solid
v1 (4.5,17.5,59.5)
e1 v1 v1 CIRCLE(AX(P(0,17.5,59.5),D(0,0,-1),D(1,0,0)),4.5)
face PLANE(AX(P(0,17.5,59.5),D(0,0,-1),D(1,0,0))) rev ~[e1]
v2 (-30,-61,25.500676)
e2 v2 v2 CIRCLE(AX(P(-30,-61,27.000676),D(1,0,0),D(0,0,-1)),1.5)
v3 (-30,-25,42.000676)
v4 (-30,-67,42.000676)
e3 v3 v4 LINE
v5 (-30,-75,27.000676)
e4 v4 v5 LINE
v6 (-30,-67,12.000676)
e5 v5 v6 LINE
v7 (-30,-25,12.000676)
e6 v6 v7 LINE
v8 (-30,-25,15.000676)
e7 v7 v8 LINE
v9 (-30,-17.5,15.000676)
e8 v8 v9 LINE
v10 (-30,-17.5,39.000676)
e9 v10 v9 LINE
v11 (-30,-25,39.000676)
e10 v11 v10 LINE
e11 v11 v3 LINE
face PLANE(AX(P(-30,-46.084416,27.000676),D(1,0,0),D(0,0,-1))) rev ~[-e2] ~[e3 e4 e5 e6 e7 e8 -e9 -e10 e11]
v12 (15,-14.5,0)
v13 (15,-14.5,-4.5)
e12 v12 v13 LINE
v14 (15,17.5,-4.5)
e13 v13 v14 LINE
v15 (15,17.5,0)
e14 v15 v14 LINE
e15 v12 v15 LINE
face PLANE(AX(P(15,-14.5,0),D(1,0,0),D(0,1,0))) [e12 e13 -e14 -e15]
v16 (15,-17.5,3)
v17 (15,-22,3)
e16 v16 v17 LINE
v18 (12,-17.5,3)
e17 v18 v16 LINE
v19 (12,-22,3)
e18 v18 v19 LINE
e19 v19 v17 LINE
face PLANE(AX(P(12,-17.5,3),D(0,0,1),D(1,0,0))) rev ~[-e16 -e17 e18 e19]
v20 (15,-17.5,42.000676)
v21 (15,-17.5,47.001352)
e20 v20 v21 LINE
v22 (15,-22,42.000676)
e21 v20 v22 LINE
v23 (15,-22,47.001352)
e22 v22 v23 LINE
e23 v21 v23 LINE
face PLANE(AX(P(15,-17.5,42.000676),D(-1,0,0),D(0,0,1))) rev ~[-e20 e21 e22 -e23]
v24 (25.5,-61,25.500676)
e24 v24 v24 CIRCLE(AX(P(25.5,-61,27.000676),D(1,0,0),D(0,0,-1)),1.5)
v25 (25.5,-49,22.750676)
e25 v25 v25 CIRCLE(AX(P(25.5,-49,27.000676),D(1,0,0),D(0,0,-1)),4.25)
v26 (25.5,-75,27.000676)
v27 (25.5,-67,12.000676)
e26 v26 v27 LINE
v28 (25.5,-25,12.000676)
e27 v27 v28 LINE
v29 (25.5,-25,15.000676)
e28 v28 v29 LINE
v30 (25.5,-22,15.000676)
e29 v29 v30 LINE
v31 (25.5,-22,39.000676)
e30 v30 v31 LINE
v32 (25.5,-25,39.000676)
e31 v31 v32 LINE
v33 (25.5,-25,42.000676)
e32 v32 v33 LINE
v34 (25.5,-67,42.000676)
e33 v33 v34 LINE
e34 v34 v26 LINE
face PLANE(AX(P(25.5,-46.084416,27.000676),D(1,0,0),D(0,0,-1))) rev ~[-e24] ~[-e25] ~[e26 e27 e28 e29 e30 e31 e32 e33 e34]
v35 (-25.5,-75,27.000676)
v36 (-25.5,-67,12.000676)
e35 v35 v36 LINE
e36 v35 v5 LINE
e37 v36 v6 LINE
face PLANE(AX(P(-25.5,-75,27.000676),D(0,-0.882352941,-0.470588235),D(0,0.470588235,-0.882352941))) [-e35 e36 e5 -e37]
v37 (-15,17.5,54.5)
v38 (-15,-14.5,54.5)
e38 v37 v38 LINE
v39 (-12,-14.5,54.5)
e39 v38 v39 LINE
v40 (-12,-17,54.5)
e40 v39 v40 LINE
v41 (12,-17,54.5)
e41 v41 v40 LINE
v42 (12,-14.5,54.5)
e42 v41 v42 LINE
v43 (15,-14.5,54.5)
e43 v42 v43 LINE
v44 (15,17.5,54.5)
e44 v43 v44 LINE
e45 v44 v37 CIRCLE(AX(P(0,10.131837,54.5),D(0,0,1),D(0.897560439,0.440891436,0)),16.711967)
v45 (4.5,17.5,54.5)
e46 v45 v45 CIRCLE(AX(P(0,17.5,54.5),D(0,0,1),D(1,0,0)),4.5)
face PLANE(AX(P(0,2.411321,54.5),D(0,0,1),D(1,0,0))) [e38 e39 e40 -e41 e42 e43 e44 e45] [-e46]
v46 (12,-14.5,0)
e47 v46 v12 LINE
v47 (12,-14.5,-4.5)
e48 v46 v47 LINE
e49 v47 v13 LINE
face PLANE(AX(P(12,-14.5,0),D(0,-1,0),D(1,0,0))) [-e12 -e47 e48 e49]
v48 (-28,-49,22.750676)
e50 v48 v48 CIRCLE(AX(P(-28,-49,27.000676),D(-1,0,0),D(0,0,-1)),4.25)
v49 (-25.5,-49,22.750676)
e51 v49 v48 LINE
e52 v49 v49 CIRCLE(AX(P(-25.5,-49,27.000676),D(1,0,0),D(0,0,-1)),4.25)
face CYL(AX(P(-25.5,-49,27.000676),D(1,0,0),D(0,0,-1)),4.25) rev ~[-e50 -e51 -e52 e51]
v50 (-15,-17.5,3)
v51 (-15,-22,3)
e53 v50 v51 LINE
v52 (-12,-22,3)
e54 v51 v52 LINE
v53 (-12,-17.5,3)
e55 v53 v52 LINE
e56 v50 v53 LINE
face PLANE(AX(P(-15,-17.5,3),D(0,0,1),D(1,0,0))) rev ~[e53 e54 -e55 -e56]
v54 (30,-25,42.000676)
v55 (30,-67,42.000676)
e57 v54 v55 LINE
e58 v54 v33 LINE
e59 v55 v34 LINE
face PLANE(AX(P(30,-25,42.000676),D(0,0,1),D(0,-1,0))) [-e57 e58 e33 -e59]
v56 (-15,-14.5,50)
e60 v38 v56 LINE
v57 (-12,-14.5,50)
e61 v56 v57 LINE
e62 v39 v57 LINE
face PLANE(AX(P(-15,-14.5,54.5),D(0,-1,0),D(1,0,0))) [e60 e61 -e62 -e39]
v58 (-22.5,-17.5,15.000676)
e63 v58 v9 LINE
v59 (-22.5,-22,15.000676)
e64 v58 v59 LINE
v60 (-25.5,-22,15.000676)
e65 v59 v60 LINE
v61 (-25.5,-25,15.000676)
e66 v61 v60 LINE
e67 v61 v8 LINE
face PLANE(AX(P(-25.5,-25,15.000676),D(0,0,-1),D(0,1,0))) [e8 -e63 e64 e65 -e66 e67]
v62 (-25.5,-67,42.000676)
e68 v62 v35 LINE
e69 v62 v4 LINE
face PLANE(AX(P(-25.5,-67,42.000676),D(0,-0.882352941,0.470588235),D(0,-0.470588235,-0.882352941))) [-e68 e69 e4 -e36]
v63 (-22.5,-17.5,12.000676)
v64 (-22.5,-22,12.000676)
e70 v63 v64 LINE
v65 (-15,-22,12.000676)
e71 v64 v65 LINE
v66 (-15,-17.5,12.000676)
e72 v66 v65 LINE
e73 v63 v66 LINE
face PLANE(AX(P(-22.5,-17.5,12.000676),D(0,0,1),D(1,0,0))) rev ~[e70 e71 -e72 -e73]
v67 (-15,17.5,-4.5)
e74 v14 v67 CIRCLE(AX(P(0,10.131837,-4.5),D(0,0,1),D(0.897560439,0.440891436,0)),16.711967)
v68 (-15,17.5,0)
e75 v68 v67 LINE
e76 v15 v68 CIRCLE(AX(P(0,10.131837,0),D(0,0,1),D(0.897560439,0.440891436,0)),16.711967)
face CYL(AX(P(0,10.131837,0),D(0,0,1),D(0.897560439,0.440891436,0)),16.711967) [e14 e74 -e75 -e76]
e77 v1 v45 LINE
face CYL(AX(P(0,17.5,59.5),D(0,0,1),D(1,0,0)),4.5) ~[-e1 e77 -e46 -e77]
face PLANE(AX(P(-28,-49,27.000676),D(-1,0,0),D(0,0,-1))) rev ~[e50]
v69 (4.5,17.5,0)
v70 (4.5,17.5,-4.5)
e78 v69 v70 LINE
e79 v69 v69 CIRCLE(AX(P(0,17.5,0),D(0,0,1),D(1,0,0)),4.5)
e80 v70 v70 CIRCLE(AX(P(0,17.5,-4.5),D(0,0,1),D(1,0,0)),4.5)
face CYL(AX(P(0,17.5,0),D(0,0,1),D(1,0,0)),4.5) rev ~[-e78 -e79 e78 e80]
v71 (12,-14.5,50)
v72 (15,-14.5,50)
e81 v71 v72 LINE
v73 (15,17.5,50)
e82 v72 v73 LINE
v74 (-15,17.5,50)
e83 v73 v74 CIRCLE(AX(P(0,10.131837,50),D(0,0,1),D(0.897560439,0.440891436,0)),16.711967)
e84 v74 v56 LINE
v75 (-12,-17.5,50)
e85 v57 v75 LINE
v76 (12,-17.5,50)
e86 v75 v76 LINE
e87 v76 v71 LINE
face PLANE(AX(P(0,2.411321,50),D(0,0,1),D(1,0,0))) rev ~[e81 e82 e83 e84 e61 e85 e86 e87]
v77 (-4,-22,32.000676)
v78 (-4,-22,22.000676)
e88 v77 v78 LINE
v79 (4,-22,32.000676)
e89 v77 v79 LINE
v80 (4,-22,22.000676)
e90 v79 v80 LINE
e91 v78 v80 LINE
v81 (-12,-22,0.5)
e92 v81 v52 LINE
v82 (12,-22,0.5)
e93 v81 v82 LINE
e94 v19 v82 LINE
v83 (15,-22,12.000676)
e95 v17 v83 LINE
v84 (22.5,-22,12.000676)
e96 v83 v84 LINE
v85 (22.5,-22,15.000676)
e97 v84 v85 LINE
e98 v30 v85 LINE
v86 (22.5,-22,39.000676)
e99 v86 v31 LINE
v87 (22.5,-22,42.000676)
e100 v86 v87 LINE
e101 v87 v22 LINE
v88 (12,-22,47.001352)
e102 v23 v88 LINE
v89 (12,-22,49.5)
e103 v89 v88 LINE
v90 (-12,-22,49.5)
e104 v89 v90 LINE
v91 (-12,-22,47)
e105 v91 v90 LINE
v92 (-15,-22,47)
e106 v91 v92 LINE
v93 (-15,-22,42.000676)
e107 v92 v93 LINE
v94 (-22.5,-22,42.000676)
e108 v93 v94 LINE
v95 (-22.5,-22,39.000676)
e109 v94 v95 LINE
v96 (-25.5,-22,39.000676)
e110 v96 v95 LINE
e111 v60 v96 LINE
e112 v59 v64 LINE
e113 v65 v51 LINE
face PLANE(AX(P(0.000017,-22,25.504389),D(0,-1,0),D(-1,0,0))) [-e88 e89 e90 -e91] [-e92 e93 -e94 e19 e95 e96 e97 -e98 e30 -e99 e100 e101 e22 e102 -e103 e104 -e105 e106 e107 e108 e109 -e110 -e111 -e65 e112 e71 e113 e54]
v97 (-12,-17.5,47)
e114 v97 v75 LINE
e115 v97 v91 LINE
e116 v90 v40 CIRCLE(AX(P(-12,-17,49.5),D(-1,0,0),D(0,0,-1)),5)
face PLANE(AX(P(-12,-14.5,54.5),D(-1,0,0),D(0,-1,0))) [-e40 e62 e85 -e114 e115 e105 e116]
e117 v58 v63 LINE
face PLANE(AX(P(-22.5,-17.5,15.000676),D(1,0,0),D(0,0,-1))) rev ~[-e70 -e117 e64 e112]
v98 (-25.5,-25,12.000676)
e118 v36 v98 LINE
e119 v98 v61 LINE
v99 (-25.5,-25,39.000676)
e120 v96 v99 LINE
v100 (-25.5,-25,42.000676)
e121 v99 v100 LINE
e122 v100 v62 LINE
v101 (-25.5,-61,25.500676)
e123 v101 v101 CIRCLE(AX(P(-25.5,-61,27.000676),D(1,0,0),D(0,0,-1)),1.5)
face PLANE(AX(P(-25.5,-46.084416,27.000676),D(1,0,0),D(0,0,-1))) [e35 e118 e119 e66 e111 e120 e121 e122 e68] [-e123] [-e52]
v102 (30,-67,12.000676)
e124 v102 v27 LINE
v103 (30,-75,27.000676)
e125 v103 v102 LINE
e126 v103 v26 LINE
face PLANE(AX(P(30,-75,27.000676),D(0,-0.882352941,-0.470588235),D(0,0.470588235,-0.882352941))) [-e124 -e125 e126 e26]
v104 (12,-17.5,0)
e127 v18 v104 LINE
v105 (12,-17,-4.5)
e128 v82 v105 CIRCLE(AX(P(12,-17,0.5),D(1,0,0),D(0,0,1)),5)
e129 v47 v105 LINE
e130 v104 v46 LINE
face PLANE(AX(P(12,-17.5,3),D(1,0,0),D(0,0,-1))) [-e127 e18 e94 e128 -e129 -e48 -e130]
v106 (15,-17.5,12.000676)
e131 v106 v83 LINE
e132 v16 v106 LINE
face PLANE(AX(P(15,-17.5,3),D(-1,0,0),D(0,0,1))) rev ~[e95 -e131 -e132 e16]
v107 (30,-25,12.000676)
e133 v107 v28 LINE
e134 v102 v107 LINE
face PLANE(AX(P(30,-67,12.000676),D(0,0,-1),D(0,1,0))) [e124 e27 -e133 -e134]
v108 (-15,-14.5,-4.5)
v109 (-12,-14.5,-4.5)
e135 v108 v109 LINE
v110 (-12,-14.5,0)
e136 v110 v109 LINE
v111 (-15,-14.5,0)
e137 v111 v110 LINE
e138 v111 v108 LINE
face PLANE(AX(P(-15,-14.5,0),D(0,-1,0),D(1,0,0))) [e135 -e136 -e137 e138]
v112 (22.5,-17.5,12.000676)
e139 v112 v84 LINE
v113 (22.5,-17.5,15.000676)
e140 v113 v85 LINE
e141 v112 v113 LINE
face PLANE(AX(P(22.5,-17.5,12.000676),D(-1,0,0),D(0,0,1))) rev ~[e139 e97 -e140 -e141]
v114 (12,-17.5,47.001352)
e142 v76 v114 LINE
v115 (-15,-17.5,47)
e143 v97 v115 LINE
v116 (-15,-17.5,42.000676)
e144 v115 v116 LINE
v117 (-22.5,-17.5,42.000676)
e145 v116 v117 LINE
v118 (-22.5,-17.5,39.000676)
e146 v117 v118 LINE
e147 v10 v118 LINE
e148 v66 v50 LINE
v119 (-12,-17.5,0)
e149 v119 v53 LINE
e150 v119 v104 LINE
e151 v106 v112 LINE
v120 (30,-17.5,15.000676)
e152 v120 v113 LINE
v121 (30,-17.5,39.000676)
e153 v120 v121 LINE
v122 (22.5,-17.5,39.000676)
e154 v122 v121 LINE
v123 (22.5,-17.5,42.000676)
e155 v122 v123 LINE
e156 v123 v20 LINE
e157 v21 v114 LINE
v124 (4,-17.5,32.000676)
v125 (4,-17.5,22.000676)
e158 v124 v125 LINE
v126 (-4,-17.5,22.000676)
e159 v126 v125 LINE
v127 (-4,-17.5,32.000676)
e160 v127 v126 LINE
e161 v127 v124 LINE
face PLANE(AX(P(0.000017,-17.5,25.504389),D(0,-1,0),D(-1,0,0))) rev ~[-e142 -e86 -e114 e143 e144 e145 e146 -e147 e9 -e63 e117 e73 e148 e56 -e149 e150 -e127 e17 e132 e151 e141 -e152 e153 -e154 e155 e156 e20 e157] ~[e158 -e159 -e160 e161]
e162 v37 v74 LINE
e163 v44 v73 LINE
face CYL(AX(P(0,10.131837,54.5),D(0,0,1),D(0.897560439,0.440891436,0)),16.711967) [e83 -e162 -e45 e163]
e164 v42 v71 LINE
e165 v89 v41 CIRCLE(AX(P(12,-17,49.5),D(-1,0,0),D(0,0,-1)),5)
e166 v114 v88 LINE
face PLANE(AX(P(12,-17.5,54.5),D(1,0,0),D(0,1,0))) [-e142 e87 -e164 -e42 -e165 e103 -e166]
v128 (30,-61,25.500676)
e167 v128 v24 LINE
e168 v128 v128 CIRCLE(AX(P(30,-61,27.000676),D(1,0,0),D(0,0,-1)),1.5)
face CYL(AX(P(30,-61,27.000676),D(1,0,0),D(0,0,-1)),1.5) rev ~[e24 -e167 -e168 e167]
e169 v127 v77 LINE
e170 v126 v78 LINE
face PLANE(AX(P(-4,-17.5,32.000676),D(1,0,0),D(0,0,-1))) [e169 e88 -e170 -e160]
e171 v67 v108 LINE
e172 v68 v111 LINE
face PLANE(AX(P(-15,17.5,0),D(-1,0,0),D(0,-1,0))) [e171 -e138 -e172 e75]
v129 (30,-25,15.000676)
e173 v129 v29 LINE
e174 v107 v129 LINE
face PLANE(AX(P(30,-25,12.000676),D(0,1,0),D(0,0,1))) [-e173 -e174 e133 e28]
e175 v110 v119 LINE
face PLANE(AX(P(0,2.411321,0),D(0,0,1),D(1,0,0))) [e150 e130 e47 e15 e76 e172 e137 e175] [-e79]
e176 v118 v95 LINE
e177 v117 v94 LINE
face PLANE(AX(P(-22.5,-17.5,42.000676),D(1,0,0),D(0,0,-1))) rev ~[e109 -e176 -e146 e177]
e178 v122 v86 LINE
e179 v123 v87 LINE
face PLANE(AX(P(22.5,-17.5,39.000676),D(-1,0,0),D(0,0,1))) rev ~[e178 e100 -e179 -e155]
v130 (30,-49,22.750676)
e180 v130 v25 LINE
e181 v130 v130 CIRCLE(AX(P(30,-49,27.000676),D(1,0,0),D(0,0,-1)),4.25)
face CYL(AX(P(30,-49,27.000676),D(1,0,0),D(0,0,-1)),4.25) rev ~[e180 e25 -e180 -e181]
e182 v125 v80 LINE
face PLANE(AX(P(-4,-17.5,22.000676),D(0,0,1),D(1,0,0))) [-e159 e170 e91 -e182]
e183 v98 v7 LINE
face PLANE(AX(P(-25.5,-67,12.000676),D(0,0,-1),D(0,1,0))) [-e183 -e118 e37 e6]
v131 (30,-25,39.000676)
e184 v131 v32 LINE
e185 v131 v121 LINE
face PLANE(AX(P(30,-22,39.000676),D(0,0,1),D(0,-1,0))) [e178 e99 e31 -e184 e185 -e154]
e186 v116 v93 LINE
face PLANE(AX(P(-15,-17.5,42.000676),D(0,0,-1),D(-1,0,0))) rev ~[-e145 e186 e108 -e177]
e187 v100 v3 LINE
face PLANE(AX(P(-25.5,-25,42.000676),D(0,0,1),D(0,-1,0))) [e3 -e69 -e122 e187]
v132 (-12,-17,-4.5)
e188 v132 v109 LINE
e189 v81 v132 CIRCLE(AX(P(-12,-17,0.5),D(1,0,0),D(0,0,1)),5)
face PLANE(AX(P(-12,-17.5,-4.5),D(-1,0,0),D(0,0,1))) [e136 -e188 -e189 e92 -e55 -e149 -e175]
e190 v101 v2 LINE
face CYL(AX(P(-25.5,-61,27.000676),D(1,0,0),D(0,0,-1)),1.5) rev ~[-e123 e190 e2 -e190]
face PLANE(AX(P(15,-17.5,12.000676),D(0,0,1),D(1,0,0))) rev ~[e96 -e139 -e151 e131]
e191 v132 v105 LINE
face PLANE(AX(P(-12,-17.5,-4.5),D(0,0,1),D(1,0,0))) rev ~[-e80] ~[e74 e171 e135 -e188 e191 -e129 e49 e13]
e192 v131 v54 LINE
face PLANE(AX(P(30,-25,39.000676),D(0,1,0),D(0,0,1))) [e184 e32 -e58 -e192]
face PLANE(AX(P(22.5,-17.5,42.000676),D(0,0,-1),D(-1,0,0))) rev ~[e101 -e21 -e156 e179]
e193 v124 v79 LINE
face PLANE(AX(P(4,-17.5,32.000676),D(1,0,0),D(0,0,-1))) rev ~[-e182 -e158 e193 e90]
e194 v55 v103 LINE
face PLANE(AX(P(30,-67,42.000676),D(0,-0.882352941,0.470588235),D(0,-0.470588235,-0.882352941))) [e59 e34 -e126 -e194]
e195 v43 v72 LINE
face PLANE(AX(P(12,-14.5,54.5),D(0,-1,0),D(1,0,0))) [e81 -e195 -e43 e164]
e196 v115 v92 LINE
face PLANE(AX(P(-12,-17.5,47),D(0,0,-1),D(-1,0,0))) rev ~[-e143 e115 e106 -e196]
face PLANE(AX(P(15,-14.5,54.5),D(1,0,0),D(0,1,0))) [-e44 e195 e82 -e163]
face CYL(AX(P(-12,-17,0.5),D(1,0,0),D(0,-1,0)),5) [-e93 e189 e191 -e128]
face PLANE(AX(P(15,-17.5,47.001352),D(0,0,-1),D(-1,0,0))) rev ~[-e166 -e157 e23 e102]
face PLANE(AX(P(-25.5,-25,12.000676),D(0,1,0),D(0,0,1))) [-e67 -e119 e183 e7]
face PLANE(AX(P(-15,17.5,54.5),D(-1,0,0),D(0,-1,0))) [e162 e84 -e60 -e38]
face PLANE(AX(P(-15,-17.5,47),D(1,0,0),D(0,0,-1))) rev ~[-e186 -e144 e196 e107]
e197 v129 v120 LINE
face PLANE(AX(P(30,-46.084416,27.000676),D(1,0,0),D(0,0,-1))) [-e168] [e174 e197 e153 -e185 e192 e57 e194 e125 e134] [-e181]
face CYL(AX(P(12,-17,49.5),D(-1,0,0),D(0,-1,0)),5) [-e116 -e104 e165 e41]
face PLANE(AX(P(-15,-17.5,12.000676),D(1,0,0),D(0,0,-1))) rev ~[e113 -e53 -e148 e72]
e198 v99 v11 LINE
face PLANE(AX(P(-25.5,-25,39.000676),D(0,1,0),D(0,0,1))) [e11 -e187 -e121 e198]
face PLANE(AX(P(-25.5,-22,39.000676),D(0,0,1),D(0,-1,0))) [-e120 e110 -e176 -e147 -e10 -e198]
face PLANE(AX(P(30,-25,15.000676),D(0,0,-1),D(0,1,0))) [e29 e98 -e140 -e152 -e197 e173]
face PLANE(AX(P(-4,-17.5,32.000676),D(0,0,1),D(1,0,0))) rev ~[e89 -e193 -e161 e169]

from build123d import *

# Parameters (mm, degrees)
SKETCH1_R           = 4.5
BOSS_EXTRUDE1_DEPTH = 4.5
SKETCH2_W           = 8
SKETCH2_H           = 10
BOSS_EXTRUDE2_DEPTH = 4.5
BOSS_EXTRUDE3_START = 4.5
SKETCH3_R           = 4.5
BOSS_EXTRUDE3_DEPTH = 4.5
FILLET3_R           = 5
FILLET4_R           = 5
SKETCH6_R           = 4.25
SKETCH6_R_2         = 1.5
BOSS_EXTRUDE4_DEPTH = 4.5
BOSS_EXTRUDE5_START = 4.5
SKETCH7_R           = 4.25
SKETCH7_R_2         = 1.5
BOSS_EXTRUDE5_DEPTH = 4.5
BOSS_EXTRUDE6_START = -2
SKETCH8_R           = 4.25
BOSS_EXTRUDE6_DEPTH = 2
BOSS_EXTRUDE7_START = -9.5
SKETCH9_R           = 4.5
BOSS_EXTRUDE7_DEPTH = 9.5


with BuildPart() as part:
    # Sketch1 → Boss-Extrude1 (new body)
    with BuildSketch(Plane.XY):
        with BuildLine():
            Line((-15, 17.5), (-15, -14.5))
            Line((-15, -14.5), (-12, -14.5))
            Line((-12, -14.5), (-12, -17.5))
            Line((-12, -17.5), (12, -17.5))
            Line((12, -17.5), (12, -14.5))
            Line((12, -14.5), (15, -14.5))
            Line((15, -14.5), (15, 17.5))
            ThreePointArc((15, 17.5), (0, 26.843803595), (-15, 17.5))
        make_face()
        with Locations((0, 17.5)):
            Circle(SKETCH1_R, mode=Mode.SUBTRACT)
    extrude(amount=-BOSS_EXTRUDE1_DEPTH)

    # Sketch2 → Boss-Extrude2 (add)
    with BuildSketch(Plane(origin=(0, -17.5, 0), x_dir=(1, 0, 0), z_dir=(0, 1, 0))):
        Polygon((-12, 4.5), (12, 4.5), (12, 0), (12, -3), (15, -3), (15, -12.000675804), (22.5, -12.000675804), (22.5, -15.000675804), (25.5, -15.000675804), (30, -15.000675804), (30, -39.000675804), (25.5, -39.000675804), (22.5, -39.000675804), (22.5, -42.000675804), (15, -42.000675804), (15, -47.001351609), (12, -47.001351609), (12, -50), (12, -54.5), (-12, -54.5), (-12, -50), (-12, -47), (-15, -47), (-15, -42.000675804), (-22.5, -42.000675804), (-22.5, -39.000675804), (-25.5, -39.000675804), (-30, -39.000675804), (-30, -15.000675804), (-25.5, -15.000675804), (-22.5, -15.000675804), (-22.5, -12.000675804), (-15, -12.000675804), (-15, -3), (-12, -3), (-12, 0), align=None)
        with Locations((0, -27.000675804)):
            Rectangle(SKETCH2_W, SKETCH2_H, mode=Mode.SUBTRACT)
    extrude(amount=-BOSS_EXTRUDE2_DEPTH)

    # Sketch3 → Boss-Extrude3 (add)
    with BuildSketch(Plane.XY.offset(50).offset(BOSS_EXTRUDE3_START)):
        with BuildLine():
            Line((-15, 17.5), (-15, -14.5))
            Line((-15, -14.5), (-12, -14.5))
            Line((-12, -14.5), (-12, -17.5))
            Line((-12, -17.5), (12, -17.5))
            Line((12, -17.5), (12, -14.5))
            Line((12, -14.5), (15, -14.5))
            Line((15, -14.5), (15, 17.5))
            ThreePointArc((15, 17.5), (0, 26.843803595), (-15, 17.5))
        make_face()
        with Locations((0, 17.5)):
            Circle(SKETCH3_R, mode=Mode.SUBTRACT)
    extrude(amount=-BOSS_EXTRUDE3_DEPTH)

    # Fillet3
    fillet3_edges = [part.edges().sort_by_distance(p)[0] for p in [
        (0, -22, 54.5),
    ]]
    fillet(fillet3_edges, radius=FILLET3_R)

    # Fillet4
    fillet4_edges = [part.edges().sort_by_distance(p)[0] for p in [
        (0, -22, -4.5),
    ]]
    fillet(fillet4_edges, radius=FILLET4_R)

    # Sketch6 → Boss-Extrude4 (add)
    with BuildSketch(Plane(origin=(-25.5, 0, 0), x_dir=(0, 0, -1), z_dir=(1, 0, 0))):
        Polygon((-15.000675804, -22), (-39.000675804, -22), (-39.000675804, -25), (-42.000675804, -25), (-42.000675804, -67), (-27.000675804, -75), (-12.000675804, -67), (-12.000675804, -25), (-15.000675804, -25), align=None)
        with Locations((-27.000675804, -49)):
            Circle(SKETCH6_R, mode=Mode.SUBTRACT)
        with Locations((-27.000675804, -61)):
            Circle(SKETCH6_R_2, mode=Mode.SUBTRACT)
    extrude(amount=-BOSS_EXTRUDE4_DEPTH)

    # Sketch7 → Boss-Extrude5 (add)
    with BuildSketch(Plane(origin=(25.5, 0, 0), x_dir=(0, 0, -1), z_dir=(1, 0, 0)).offset(BOSS_EXTRUDE5_START)):
        Polygon((-39.000675804, -22), (-39.000675804, -25), (-42.000675804, -25), (-42.000675804, -67), (-27.000675804, -75), (-12.000675804, -67), (-12.000675804, -25), (-15.000675804, -25), (-15.000675804, -22), align=None)
        with Locations((-27.000675804, -49)):
            Circle(SKETCH7_R, mode=Mode.SUBTRACT)
        with Locations((-27.000675804, -61)):
            Circle(SKETCH7_R_2, mode=Mode.SUBTRACT)
    extrude(amount=-BOSS_EXTRUDE5_DEPTH)

    # Sketch8 → Boss-Extrude6 (add)
    with BuildSketch(Plane.ZY.offset(30).offset(BOSS_EXTRUDE6_START)):
        with Locations(Location((27.000675804, -49, 0), (0, 0, 180))):
            Circle(SKETCH8_R)
    extrude(amount=BOSS_EXTRUDE6_DEPTH)

    # Sketch9 → Boss-Extrude7 (add)
    with BuildSketch(Plane(origin=(0, 0, 50), x_dir=(-1, 0, 0), z_dir=(0, 0, -1)).offset(BOSS_EXTRUDE7_START)):
        with Locations(Location((0, 17.5, 0), (0, 0, 180))):
            Circle(SKETCH9_R)
    extrude(amount=BOSS_EXTRUDE7_DEPTH)


solid = part.part
